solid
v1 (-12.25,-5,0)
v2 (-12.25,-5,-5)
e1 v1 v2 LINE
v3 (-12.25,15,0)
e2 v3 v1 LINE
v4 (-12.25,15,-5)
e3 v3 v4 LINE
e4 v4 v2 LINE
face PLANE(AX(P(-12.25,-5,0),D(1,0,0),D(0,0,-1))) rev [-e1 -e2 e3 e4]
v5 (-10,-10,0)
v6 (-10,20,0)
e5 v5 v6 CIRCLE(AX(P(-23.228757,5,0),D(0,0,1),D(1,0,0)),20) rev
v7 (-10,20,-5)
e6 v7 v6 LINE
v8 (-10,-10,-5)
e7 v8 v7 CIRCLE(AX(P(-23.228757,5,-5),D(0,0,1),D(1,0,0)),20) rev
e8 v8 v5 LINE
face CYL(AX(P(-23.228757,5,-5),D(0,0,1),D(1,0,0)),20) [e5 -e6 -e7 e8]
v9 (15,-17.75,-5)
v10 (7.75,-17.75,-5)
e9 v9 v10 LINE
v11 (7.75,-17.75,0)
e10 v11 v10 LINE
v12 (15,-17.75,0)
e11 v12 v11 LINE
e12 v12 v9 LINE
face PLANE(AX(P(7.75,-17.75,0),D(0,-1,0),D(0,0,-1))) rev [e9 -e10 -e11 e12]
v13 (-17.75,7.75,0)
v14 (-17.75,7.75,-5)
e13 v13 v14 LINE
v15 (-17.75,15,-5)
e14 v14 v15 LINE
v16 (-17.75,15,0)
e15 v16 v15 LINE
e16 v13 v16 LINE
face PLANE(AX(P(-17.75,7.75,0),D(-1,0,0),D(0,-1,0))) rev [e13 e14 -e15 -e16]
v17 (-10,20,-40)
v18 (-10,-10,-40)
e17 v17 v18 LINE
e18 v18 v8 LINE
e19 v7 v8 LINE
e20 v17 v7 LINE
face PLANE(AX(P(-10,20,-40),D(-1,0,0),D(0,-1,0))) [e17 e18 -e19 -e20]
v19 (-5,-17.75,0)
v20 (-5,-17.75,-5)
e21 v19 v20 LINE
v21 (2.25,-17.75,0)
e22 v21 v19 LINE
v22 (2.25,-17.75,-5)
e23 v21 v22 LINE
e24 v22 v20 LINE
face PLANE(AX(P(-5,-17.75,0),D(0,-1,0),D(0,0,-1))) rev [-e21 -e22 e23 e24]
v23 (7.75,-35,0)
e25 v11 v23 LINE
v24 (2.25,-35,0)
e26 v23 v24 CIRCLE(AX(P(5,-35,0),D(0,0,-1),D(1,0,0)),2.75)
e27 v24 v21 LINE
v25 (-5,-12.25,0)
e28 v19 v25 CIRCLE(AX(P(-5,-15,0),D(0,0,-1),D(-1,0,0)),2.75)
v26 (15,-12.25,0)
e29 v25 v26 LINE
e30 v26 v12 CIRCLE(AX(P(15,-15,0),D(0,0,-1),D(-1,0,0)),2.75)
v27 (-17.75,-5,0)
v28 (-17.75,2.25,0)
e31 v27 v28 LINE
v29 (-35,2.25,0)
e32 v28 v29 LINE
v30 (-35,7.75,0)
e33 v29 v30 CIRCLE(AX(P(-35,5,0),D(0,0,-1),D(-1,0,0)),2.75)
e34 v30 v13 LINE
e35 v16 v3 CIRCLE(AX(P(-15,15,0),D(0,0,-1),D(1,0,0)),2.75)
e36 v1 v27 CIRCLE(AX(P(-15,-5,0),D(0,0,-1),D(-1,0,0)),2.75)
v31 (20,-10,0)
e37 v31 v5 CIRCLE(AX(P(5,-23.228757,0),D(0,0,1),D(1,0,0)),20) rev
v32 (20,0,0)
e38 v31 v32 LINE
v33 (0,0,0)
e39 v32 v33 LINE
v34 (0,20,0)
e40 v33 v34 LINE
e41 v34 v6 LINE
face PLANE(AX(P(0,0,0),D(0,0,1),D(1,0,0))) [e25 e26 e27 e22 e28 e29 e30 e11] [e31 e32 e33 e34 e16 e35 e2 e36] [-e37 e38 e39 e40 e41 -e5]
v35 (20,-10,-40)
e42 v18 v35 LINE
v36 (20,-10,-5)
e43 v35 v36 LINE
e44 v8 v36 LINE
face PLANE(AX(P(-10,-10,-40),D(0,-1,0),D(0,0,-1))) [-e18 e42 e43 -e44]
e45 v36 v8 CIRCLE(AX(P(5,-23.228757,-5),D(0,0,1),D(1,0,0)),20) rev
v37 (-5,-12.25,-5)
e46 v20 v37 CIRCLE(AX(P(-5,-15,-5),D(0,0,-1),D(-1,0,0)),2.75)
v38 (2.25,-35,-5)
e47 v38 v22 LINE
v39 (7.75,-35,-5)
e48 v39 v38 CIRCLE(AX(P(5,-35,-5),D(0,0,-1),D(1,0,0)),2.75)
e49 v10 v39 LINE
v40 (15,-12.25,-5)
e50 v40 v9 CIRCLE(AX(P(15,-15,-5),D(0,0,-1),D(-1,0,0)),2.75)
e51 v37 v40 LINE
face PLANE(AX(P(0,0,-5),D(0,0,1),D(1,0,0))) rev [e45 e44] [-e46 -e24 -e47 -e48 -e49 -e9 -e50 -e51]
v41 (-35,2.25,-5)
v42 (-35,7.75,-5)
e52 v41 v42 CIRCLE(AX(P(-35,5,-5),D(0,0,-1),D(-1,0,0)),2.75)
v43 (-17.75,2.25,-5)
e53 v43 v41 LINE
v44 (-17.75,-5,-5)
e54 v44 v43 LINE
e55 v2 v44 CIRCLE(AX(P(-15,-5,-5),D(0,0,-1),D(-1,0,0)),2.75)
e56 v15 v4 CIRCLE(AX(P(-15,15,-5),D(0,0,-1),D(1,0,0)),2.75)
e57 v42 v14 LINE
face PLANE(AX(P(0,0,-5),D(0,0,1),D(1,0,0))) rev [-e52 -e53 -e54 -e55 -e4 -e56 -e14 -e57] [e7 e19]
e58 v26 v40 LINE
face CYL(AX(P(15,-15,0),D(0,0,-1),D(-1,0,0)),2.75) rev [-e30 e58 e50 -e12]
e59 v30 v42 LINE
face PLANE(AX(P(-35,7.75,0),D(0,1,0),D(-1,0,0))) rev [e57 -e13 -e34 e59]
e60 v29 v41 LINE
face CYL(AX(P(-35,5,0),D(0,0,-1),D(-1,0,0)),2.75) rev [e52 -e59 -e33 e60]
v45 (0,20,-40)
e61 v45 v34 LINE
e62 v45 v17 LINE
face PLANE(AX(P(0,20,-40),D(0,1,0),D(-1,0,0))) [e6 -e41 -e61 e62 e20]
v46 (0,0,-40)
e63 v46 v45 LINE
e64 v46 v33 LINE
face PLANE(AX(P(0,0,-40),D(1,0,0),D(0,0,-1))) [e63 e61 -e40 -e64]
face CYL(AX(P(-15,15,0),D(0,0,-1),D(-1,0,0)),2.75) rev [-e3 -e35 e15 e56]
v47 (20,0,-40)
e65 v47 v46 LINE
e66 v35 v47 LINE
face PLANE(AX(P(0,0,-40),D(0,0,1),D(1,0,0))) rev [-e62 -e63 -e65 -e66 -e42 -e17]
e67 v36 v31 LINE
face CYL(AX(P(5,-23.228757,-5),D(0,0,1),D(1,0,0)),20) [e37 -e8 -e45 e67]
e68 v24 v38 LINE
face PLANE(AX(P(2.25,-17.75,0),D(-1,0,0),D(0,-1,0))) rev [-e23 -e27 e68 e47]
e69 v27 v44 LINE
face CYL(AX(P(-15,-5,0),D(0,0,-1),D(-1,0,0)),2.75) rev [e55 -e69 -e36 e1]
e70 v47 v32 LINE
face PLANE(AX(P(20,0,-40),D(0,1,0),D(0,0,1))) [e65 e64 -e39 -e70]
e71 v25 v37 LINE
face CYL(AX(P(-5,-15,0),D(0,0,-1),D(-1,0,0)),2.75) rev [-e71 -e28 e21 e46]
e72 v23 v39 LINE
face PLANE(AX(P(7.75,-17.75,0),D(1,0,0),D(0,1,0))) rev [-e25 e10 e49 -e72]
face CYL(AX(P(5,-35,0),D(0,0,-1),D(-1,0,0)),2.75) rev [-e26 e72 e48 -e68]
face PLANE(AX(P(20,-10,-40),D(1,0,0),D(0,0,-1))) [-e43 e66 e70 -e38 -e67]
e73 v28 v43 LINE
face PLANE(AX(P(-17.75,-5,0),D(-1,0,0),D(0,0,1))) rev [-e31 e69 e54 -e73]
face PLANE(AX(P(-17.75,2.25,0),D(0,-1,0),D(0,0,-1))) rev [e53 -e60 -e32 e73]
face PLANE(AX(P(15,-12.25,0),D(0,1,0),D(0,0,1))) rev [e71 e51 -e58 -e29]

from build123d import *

# Parameters (mm, degrees)
WALLS_DEPTH = 40
TABS_DEPTH  = 5
HOLES_DEPTH = 71.444664714


with BuildPart() as part:
    # Sketch1 → Walls (new body)
    with BuildSketch(Plane.XY):
        Polygon((0, 20), (-10, 20), (-10, -10), (20, -10), (20, 0), (0, 0), align=None)
    extrude(amount=-WALLS_DEPTH)

    # Sketch2 → Tabs (add)
    with BuildSketch(Plane.XY):
        with BuildLine():
            Line((20, -10), (-10, -10))
            ThreePointArc((-10, -10), (5, -43.228756555), (20, -10))
        make_face()
        with BuildLine():
            Line((-10, -10), (-10, 20))
            ThreePointArc((-10, 20), (-43.228756555, 5), (-10, -10))
        make_face()
    extrude(amount=-TABS_DEPTH)

    # Sketch3 → Holes (cut, through all)
    with BuildSketch(Plane(origin=(0, 0, -5), x_dir=(-1, 0, 0), z_dir=(0, 0, -1))):
        with BuildLine():
            Line((12.25, -5), (12.25, 15))
            ThreePointArc((12.25, 15), (15, 17.75), (17.75, 15))
            Line((17.75, 15), (17.75, 7.75))
            Line((17.75, 7.75), (35, 7.75))
            ThreePointArc((35, 7.75), (37.75, 5), (35, 2.25))
            Line((35, 2.25), (17.75, 2.25))
            Line((17.75, 2.25), (17.75, -5))
            ThreePointArc((17.75, -5), (15, -7.75), (12.25, -5))
        make_face()
        with BuildLine():
            Line((5, -17.75), (-2.25, -17.75))
            Line((-2.25, -17.75), (-2.25, -35))
            ThreePointArc((-2.25, -35), (-5, -37.75), (-7.75, -35))
            Line((-7.75, -35), (-7.75, -17.75))
            Line((-7.75, -17.75), (-15, -17.75))
            ThreePointArc((-15, -17.75), (-17.75, -15), (-15, -12.25))
            Line((-15, -12.25), (5, -12.25))
            ThreePointArc((5, -12.25), (7.75, -15), (5, -17.75))
        make_face()
    extrude(amount=-HOLES_DEPTH, mode=Mode.SUBTRACT)


solid = part.part
